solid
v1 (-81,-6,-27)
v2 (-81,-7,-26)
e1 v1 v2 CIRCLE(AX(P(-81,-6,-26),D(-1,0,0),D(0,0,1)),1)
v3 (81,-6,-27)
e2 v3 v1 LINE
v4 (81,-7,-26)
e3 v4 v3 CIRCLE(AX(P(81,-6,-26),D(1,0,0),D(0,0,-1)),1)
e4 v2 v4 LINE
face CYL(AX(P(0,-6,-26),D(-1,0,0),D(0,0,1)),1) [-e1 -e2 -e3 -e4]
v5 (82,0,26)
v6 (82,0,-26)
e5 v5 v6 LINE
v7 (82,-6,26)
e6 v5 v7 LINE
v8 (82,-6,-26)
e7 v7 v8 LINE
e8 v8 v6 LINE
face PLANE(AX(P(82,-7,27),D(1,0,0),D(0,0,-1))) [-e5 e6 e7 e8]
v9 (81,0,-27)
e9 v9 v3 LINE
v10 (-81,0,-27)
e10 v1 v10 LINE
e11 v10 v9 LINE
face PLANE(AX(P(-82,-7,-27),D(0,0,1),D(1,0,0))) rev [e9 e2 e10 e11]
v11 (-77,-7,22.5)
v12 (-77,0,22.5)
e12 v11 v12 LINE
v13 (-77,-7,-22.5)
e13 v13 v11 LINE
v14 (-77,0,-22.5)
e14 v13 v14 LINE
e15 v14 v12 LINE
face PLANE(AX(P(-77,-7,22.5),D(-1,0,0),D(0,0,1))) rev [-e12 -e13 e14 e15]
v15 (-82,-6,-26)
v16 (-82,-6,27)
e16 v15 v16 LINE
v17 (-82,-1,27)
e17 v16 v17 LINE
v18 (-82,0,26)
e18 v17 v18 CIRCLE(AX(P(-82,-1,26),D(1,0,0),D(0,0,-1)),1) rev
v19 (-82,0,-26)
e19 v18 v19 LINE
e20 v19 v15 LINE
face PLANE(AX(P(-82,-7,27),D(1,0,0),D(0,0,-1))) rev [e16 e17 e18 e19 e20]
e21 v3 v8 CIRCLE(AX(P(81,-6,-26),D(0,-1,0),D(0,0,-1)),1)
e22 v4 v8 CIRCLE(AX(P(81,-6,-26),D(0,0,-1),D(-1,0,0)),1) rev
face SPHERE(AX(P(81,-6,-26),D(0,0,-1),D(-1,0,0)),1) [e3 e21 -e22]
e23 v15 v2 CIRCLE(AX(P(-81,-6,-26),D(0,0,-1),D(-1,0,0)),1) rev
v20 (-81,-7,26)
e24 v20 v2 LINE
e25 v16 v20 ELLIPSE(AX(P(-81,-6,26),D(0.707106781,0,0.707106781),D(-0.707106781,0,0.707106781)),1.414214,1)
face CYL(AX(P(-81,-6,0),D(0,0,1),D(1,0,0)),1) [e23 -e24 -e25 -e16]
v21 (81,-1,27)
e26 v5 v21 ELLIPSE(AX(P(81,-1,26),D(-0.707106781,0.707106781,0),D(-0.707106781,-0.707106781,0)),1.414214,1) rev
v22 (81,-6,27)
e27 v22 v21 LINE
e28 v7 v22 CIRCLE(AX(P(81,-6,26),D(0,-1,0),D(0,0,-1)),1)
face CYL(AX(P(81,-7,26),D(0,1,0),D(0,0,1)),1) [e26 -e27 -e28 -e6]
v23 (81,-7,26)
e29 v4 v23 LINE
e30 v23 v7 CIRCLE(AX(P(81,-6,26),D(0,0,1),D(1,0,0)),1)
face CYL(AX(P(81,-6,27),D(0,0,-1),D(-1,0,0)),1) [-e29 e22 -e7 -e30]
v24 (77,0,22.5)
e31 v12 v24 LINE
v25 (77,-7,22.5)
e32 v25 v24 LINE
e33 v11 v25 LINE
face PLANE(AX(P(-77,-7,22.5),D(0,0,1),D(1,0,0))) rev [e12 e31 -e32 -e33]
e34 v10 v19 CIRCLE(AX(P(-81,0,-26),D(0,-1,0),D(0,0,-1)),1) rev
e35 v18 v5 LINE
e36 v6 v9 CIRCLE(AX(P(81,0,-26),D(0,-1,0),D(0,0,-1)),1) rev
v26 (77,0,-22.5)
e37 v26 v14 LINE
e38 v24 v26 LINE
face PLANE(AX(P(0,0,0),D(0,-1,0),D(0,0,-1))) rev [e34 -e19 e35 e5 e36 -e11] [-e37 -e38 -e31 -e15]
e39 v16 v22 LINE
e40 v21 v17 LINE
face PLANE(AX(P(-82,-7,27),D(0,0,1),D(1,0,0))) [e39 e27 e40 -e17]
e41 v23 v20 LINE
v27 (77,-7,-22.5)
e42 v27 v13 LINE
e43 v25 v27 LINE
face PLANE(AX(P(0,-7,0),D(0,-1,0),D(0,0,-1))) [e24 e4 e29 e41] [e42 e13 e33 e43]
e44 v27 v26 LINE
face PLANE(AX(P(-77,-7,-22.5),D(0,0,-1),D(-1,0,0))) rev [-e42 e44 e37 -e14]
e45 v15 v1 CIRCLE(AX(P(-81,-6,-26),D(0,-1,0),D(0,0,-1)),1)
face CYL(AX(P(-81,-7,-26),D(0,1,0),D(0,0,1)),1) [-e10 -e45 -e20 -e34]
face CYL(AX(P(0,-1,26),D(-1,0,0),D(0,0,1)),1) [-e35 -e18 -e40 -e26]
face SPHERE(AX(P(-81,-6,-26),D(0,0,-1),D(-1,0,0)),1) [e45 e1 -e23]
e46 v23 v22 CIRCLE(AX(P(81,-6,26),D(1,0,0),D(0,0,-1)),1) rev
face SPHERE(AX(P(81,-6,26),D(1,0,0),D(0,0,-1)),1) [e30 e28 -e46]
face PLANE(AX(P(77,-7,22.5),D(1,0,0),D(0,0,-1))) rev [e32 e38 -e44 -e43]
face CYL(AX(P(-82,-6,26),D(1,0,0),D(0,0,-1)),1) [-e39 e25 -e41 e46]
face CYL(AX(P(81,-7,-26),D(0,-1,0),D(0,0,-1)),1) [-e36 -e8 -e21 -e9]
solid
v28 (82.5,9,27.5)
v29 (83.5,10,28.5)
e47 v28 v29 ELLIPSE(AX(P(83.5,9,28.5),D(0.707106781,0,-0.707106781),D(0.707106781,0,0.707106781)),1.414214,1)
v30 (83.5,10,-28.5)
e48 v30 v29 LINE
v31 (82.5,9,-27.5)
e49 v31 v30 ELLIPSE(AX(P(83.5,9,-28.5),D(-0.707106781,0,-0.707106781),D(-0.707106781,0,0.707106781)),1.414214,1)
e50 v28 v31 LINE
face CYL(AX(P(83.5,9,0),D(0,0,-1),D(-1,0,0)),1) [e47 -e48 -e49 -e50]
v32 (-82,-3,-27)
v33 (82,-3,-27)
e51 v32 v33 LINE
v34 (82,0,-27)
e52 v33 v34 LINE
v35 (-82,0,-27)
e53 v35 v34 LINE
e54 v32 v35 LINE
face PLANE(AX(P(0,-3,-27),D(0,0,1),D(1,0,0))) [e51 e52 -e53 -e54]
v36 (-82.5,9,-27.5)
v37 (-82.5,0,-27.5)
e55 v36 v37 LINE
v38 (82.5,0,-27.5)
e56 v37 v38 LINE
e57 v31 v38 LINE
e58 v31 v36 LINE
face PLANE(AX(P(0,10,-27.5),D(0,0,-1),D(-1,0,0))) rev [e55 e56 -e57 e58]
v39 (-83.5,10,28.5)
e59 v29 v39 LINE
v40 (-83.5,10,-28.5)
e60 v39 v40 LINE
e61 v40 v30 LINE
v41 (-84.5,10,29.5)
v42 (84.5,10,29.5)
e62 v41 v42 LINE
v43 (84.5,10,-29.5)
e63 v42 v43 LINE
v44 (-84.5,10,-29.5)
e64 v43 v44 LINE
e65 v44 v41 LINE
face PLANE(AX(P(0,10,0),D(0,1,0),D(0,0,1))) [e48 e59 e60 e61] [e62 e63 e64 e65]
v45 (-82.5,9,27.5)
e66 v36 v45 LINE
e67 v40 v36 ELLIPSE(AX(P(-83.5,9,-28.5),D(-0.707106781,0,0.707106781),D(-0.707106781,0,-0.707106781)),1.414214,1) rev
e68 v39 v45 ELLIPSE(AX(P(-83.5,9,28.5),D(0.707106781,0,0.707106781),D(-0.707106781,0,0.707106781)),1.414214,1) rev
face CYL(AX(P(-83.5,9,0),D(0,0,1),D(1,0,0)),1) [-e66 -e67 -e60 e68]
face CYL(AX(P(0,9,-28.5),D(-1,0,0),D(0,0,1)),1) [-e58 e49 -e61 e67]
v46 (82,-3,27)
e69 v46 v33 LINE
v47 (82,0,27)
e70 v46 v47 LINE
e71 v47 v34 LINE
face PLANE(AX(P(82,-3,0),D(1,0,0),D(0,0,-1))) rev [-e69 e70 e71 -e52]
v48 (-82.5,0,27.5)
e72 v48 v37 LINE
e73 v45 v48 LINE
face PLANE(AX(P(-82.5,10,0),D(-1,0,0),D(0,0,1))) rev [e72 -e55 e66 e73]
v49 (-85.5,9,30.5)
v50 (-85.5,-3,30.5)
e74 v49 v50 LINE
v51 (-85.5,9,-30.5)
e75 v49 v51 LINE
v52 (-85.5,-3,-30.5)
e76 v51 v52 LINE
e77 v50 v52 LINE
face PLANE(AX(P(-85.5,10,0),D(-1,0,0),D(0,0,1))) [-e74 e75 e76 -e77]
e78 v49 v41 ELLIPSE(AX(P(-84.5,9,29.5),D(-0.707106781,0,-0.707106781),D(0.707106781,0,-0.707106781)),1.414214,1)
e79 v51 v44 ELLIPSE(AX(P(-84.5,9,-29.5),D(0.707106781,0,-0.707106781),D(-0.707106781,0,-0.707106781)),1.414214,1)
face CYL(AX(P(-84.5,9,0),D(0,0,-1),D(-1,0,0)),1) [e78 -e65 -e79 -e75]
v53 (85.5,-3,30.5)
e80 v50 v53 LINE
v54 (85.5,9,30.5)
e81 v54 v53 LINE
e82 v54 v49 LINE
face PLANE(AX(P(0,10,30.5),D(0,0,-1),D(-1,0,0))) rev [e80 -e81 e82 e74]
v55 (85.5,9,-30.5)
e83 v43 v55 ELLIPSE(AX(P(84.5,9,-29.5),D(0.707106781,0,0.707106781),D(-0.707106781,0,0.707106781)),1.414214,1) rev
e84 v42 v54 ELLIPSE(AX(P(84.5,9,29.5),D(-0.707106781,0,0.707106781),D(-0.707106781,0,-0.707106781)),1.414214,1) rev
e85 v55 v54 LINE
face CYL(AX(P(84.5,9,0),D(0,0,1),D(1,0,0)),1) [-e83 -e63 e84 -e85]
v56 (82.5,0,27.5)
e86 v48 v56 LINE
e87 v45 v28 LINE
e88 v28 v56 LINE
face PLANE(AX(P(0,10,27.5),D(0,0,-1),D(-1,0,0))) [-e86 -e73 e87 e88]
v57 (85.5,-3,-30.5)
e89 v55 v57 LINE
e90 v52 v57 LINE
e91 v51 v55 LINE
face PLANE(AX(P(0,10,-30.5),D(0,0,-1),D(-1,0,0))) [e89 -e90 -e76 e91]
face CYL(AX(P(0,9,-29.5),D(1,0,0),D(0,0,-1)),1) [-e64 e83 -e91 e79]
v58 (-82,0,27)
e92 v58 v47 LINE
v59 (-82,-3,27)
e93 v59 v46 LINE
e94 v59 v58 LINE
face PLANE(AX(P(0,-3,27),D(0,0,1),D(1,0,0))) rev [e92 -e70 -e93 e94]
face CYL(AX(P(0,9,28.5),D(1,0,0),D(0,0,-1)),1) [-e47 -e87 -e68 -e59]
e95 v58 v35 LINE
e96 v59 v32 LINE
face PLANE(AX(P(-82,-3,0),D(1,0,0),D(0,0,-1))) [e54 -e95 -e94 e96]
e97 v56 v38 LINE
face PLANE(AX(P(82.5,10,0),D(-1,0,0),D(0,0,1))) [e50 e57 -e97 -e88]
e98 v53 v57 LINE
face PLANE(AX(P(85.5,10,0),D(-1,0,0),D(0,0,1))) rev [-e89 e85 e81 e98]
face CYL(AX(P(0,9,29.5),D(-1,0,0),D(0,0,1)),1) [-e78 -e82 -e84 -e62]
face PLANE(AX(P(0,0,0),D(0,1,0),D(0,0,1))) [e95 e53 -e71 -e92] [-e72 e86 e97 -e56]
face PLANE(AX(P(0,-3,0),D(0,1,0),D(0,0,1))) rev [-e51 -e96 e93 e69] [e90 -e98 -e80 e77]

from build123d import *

# Parameters (mm, degrees)
SKETCH1_W           = 171
SKETCH1_H           = 61
SKETCH1_W_2         = 165
SKETCH1_H_2         = 55
BOSS_EXTRUDE1_DEPTH = 10
SKETCH1_5_W         = 164
SKETCH1_5_H         = 54
BOSS_EXTRUDE2_DEPTH = 7
SKETCH1_6_W         = 171
SKETCH1_6_H         = 61
SKETCH1_6_W_2       = 164
SKETCH1_6_H_2       = 54
BOSS_EXTRUDE3_DEPTH = 3
FILLET1_R           = 1
FILLET2_R           = 1
SKETCH2_W           = 154
SKETCH2_H           = 45
CUT_EXTRUDE1_DEPTH  = 92.326337932


with BuildPart() as part:
    # Sketch1 → Boss-Extrude1 (new body)
    with BuildSketch(Plane(origin=(0, 0, 0), x_dir=(1, 0, 0), z_dir=(0, 1, 0))):
        Rectangle(SKETCH1_W, SKETCH1_H)
        Rectangle(SKETCH1_W_2, SKETCH1_H_2, mode=Mode.SUBTRACT)
    extrude(amount=BOSS_EXTRUDE1_DEPTH)

    # Sketch1<6> → Boss-Extrude3 (add)
    with BuildSketch(Plane(origin=(0, 0, 0), x_dir=(1, 0, 0), z_dir=(0, 1, 0))):
        Rectangle(SKETCH1_6_W, SKETCH1_6_H)
        Rectangle(SKETCH1_6_W_2, SKETCH1_6_H_2, mode=Mode.SUBTRACT)
    extrude(amount=-BOSS_EXTRUDE3_DEPTH)

    # Fillet2
    fillet2_edges = [part.edges().sort_by_distance(p)[0] for p in [
        (0, 10, -27.5),
        (-82.5, 10, 0),
        (0, 10, 27.5),
        (82.5, 10, 0),
        (0, 10, -30.5),
        (85.5, 10, 0),
        (0, 10, 30.5),
        (-85.5, 10, 0),
    ]]
    fillet(fillet2_edges, radius=FILLET2_R)


with BuildPart() as body_2:
    # Sketch1<5> → Boss-Extrude2 (new body)
    with BuildSketch(Plane(origin=(0, 0, 0), x_dir=(1, 0, 0), z_dir=(0, 1, 0))):
        Rectangle(SKETCH1_5_W, SKETCH1_5_H)
    extrude(amount=-BOSS_EXTRUDE2_DEPTH)

    # Fillet1
    fillet1_edges = [body_2.edges().sort_by_distance(p)[0] for p in [
        (0, -7, 27),
        (82, -7, 0),
        (0, -7, -27),
        (-82, -7, 0),
        (82, -3.5, -27),
        (82, -3.5, 27),
        (0, 0, 27),
        (-82, -3.5, -27),
    ]]
    fillet(fillet1_edges, radius=FILLET1_R)

    # Sketch2 → Cut-Extrude1 (cut, through all)
    with BuildSketch(Plane(origin=(0, 0, 0), x_dir=(1, 0, 0), z_dir=(0, 1, 0))):
        Rectangle(SKETCH2_W, SKETCH2_H)
    extrude(amount=-CUT_EXTRUDE1_DEPTH, mode=Mode.SUBTRACT)


solid = Compound([part.part, body_2.part])
